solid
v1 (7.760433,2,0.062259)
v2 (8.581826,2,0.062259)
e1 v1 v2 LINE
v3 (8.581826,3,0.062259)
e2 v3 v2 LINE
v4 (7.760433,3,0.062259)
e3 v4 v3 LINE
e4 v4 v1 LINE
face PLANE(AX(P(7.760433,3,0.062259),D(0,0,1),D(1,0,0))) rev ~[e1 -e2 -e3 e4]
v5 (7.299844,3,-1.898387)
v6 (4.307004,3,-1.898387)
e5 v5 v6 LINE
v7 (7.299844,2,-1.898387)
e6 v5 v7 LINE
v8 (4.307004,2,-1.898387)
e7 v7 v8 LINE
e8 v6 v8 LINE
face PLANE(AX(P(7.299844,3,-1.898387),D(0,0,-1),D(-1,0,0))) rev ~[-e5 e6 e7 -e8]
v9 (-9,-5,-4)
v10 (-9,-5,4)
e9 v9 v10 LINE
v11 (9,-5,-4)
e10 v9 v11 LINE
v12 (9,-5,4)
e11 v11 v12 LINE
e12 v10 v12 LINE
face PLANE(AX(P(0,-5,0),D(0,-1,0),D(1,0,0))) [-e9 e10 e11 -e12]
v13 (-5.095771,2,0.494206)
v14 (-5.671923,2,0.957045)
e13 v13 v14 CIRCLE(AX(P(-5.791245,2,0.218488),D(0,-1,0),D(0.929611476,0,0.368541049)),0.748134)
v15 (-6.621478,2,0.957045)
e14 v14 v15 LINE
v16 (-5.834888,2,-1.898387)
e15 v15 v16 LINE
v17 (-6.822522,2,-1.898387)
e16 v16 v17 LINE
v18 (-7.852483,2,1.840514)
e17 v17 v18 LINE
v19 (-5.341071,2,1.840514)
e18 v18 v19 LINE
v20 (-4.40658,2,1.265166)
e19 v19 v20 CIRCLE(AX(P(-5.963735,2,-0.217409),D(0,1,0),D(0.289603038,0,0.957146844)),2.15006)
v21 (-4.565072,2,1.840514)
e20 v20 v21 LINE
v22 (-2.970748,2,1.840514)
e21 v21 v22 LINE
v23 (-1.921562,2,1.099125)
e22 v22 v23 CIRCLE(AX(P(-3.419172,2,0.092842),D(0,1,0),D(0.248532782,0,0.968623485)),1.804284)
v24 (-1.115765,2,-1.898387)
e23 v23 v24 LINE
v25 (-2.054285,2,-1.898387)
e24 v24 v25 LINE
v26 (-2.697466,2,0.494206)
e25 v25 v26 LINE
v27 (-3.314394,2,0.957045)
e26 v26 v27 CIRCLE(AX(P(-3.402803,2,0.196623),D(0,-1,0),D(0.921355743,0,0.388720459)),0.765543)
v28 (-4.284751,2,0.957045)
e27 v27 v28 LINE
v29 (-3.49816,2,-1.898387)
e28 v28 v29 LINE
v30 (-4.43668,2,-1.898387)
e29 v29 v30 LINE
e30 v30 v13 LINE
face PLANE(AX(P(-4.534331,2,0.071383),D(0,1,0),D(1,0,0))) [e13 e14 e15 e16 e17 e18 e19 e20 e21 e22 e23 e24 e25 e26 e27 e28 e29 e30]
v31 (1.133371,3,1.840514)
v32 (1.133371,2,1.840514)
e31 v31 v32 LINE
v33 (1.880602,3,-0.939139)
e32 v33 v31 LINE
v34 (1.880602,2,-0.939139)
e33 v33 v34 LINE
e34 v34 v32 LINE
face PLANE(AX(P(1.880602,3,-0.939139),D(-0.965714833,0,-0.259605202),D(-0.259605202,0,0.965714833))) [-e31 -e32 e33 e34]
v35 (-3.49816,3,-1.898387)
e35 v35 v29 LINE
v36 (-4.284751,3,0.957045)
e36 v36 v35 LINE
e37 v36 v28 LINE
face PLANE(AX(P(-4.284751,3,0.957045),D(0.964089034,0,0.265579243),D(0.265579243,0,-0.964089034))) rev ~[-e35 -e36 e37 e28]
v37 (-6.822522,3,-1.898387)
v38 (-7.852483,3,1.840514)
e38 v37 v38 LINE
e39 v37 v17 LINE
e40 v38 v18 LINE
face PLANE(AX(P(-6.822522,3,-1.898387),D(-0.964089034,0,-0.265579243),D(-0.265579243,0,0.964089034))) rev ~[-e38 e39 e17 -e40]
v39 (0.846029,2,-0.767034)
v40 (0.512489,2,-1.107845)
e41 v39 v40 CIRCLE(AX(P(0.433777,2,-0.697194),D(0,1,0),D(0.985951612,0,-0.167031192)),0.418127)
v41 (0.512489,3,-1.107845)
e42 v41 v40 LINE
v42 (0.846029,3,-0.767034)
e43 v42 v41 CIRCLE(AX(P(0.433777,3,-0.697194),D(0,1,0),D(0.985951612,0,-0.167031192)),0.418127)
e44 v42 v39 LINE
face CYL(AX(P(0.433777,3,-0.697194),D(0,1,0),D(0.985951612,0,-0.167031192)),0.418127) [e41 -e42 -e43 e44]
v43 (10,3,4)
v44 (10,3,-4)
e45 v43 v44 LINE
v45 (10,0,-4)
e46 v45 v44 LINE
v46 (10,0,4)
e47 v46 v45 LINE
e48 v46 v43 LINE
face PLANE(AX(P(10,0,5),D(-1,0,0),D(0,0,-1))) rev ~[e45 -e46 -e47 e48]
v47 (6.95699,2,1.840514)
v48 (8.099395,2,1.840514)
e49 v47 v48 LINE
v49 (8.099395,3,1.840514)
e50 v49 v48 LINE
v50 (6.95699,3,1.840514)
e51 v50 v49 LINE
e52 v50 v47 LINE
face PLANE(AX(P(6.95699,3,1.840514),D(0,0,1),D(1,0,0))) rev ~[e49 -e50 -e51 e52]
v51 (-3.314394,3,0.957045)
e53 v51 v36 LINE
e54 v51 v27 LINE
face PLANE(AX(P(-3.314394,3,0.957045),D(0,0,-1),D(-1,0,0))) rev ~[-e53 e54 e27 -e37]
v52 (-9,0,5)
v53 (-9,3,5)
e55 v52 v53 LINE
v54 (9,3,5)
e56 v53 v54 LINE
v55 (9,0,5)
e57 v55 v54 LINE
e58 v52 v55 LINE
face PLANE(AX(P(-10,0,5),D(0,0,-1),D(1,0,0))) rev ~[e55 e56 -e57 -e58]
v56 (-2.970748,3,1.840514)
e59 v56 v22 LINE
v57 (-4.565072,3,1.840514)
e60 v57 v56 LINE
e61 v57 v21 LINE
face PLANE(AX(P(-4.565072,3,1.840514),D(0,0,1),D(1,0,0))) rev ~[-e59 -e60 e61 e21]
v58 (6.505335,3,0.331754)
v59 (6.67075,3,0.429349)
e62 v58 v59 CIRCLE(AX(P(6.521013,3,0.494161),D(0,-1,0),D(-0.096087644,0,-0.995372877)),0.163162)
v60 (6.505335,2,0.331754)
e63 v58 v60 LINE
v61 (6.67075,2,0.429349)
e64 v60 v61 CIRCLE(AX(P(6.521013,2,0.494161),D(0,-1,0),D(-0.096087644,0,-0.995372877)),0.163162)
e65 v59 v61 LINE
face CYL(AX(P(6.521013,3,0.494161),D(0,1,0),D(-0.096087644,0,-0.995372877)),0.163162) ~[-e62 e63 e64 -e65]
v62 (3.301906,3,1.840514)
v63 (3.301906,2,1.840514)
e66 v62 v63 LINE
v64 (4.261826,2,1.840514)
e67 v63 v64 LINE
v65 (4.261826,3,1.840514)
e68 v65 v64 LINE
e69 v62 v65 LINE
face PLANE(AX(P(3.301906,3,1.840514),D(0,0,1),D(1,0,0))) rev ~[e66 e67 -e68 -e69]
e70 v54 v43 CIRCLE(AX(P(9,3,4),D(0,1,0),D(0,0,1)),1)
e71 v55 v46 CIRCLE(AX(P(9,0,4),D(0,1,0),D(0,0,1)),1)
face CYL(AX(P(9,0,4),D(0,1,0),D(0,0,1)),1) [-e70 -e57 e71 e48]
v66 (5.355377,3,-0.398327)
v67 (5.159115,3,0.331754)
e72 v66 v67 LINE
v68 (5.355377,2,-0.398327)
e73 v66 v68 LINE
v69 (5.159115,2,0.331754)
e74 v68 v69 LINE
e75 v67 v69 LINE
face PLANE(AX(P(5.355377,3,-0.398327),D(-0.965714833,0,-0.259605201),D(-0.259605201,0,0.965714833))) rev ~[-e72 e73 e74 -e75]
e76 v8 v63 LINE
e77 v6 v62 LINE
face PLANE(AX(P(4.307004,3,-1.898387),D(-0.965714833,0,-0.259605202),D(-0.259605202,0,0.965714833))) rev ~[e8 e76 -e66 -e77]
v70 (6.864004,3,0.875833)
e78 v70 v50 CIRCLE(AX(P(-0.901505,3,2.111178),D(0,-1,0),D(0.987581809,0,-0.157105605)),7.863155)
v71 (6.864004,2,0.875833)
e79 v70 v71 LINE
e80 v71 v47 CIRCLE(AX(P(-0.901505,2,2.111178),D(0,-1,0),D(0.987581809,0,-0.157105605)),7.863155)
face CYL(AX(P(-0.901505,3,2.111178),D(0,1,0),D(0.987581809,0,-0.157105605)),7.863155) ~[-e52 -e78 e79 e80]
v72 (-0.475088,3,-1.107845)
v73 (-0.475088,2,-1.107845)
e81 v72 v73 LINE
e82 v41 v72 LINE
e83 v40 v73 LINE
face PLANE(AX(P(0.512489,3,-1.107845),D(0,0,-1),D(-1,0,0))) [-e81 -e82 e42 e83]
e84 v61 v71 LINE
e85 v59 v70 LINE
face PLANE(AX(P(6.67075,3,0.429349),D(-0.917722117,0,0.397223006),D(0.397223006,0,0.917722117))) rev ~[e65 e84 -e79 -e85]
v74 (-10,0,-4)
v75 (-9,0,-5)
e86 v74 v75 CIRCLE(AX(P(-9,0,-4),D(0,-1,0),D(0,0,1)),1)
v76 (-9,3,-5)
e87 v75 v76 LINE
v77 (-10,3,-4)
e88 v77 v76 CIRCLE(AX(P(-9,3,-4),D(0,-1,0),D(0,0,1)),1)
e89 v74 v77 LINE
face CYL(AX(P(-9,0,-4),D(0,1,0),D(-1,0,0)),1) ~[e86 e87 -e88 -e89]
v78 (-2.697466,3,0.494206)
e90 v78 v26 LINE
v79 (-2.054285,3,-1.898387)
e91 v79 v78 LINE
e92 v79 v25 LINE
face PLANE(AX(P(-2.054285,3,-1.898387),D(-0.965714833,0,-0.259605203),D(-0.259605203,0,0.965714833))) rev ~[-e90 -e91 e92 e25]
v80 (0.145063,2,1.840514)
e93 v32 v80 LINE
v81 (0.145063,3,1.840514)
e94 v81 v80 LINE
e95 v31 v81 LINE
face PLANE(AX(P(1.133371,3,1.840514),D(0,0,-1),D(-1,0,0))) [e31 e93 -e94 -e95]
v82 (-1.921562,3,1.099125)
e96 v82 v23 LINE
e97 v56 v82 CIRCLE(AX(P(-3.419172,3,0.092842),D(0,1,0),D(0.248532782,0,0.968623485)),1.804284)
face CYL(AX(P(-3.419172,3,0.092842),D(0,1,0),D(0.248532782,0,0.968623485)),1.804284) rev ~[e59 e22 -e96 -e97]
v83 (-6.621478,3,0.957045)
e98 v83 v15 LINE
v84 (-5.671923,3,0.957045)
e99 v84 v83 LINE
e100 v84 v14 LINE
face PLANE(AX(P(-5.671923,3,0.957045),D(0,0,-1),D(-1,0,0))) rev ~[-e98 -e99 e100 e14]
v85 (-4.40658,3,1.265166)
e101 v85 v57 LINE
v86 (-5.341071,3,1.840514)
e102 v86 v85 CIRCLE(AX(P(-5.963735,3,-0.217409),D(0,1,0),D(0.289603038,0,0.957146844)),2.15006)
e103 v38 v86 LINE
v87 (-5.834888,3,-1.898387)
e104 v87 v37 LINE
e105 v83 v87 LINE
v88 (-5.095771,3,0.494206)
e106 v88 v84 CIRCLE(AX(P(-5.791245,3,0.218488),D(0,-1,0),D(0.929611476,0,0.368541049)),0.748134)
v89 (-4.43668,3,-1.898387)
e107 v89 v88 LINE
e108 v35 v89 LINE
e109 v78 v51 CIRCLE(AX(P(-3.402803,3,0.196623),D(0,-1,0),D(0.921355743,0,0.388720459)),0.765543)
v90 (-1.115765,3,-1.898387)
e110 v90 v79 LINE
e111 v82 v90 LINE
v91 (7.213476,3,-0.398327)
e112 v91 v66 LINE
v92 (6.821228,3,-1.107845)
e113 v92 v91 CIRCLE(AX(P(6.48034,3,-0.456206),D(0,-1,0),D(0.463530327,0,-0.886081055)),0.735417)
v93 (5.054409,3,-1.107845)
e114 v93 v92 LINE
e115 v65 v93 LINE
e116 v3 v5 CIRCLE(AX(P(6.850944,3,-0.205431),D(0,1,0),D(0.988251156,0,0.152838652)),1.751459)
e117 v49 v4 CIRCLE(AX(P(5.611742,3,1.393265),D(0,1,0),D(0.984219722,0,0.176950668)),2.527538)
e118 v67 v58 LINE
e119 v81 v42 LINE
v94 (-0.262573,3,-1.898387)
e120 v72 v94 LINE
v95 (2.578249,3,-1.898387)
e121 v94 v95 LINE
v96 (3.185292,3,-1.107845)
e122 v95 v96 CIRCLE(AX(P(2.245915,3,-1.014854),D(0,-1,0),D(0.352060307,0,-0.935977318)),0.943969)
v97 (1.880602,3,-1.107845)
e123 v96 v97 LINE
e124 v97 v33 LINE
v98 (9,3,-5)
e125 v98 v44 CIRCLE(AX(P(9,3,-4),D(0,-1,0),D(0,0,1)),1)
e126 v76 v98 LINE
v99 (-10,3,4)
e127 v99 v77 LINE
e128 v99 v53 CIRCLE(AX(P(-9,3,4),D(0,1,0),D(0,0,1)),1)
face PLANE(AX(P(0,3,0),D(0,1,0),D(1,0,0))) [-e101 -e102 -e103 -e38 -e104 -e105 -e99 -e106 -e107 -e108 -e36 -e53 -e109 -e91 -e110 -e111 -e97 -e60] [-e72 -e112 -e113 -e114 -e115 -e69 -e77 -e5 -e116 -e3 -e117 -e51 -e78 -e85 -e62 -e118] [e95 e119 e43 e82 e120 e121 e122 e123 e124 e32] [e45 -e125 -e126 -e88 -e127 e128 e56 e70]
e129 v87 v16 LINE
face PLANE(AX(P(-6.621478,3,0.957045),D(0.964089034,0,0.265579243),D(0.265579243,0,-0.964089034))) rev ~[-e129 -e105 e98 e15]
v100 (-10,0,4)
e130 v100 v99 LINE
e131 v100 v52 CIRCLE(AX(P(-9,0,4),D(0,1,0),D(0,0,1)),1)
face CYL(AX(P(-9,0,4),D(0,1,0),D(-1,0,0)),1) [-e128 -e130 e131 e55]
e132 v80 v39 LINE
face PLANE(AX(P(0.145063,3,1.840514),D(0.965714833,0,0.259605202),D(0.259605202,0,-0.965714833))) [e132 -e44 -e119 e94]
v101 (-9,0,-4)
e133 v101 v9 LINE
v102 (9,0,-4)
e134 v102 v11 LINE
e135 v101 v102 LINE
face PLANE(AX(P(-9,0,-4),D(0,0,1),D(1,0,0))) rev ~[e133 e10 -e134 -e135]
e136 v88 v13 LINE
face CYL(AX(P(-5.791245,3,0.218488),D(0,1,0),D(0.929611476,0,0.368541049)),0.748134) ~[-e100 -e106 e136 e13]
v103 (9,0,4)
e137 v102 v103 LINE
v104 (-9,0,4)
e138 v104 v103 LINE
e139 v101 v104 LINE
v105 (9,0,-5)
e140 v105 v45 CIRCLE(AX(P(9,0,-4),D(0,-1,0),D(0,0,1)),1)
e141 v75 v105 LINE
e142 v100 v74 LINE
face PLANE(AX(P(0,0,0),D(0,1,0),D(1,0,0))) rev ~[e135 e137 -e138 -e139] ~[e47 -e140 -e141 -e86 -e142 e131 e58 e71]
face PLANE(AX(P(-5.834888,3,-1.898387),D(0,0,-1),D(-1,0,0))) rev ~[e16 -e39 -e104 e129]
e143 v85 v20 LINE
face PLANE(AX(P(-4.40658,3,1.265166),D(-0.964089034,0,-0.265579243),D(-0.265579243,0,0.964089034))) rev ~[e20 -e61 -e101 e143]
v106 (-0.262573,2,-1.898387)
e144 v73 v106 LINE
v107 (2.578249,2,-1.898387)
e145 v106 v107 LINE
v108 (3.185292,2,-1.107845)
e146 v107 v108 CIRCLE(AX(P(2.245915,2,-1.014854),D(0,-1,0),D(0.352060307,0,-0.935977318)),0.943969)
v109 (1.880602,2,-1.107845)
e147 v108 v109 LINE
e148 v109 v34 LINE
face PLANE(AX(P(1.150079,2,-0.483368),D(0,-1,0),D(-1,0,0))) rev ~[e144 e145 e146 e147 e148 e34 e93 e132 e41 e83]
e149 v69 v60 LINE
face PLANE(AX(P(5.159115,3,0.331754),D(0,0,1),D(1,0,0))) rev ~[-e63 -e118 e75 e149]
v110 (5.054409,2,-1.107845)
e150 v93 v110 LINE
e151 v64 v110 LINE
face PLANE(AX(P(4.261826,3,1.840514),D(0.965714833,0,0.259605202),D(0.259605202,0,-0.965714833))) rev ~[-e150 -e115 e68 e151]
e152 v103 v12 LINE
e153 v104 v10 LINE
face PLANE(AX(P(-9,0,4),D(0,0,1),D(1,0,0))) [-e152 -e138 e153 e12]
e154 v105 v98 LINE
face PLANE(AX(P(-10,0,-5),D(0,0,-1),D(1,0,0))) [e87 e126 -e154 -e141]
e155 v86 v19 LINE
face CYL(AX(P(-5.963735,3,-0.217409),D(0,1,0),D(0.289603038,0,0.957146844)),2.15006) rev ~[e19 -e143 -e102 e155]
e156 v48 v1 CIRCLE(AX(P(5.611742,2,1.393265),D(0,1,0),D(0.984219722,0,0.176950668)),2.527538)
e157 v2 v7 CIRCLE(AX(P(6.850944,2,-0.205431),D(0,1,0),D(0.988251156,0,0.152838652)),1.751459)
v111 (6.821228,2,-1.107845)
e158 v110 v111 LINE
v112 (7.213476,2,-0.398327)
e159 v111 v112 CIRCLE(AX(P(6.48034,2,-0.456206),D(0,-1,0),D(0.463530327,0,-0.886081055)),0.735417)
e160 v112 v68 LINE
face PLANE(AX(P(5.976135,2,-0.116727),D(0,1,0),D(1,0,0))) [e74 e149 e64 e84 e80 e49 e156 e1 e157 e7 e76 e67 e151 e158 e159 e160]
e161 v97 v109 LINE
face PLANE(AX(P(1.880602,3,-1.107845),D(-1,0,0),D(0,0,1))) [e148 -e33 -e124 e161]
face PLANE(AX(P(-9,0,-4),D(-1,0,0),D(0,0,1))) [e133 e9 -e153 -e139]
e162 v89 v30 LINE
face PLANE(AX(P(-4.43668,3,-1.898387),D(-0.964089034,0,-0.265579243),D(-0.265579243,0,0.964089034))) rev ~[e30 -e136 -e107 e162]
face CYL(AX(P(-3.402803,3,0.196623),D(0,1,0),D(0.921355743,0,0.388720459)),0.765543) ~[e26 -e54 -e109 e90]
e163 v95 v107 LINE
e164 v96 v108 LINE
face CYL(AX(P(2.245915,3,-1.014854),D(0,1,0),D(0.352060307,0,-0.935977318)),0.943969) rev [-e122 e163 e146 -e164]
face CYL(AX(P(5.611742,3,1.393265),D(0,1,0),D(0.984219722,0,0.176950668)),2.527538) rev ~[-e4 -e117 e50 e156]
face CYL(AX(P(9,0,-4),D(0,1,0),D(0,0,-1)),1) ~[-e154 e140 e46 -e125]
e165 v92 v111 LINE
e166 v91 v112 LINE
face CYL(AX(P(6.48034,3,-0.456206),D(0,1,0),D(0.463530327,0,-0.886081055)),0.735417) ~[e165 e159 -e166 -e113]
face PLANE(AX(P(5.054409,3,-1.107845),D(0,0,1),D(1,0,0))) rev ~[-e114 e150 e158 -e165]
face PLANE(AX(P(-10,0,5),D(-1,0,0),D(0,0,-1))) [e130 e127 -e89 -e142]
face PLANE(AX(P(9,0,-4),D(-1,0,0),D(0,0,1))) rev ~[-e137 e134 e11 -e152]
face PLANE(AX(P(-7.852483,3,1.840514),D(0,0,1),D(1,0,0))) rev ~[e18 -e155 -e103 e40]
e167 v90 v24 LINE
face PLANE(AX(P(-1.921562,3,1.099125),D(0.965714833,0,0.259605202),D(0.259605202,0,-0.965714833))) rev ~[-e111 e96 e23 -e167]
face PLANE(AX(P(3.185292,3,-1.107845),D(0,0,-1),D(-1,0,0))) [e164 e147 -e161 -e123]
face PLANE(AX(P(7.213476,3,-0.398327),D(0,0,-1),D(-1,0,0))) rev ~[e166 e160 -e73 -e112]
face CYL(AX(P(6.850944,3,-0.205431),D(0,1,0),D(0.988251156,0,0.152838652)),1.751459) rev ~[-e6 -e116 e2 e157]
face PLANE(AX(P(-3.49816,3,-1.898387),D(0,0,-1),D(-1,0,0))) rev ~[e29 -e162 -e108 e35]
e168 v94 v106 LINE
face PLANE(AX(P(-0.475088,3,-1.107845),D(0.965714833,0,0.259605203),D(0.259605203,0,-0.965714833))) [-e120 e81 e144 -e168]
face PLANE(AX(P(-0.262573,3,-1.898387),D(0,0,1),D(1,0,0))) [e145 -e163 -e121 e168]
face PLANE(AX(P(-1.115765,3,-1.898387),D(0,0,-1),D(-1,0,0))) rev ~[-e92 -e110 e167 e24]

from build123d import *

# Parameters (mm, degrees)
SKETCH_1_W          = 20
SKETCH_1_H          = 10
EXTRUDE_1_DEPTH     = 3
SKETCH_2_W          = 18
SKETCH_2_H          = 8
EXTRUDE_2_DEPTH     = 5
FILLET_1_R          = 1
CUT_EXTRUDE_1_DEPTH = 1


with BuildPart() as part:
    # 草图1 → 凸台-拉伸1 (new body)
    with BuildSketch(Plane(origin=(0, 0, 0), x_dir=(1, 0, 0), z_dir=(0, 1, 0))):
        Rectangle(SKETCH_1_W, SKETCH_1_H)
    extrude(amount=EXTRUDE_1_DEPTH)

    # 草图2 → 凸台-拉伸2 (add)
    with BuildSketch(Plane.XZ):
        Rectangle(SKETCH_2_W, SKETCH_2_H)
    extrude(amount=EXTRUDE_2_DEPTH)

    # 圆角1
    fillet_1_edges = [part.edges().sort_by_distance(p)[0] for p in [
        (10, 1.5, 5),
        (-10, 1.5, 5),
        (-10, 1.5, -5),
        (10, 1.5, -5),
    ]]
    fillet(fillet_1_edges, radius=FILLET_1_R)

    # 草图5 → 切除-拉伸1 (cut)
    with BuildSketch(Plane(origin=(0, 3, 0), x_dir=(1, 0, 0), z_dir=(0, 1, 0))):
        with BuildLine():
            Line((-6.822522061, 1.898386801), (-7.8524835, -1.840514313))
            Line((-7.8524835, -1.840514313), (-5.341070676, -1.840514313))
            ThreePointArc((-5.341070676, -1.840514313), (-4.836499754, -1.613465195), (-4.406580176, -1.265166079))
            Line((-4.406580176, -1.265166079), (-4.565072331, -1.840514313))
            Line((-4.565072331, -1.840514313), (-2.97074846, -1.840514313))
            ThreePointArc((-2.97074846, -1.840514313), (-2.37793404, -1.566363371), (-1.921561777, -1.099124639))
            Line((-1.921561777, -1.099124639), (-1.115765348, 1.898386801))
            Line((-1.115765348, 1.898386801), (-2.05428464, 1.898386801))
            Line((-2.05428464, 1.898386801), (-2.697465694, -0.49420579))
            ThreePointArc((-2.697465694, -0.49420579), (-2.943387046, -0.808990294), (-3.314394459, -0.957044663))
            Line((-3.314394459, -0.957044663), (-4.284751028, -0.957044663))
            Line((-4.284751028, -0.957044663), (-3.498160474, 1.898386801))
            Line((-3.498160474, 1.898386801), (-4.436679766, 1.898386801))
            Line((-4.436679766, 1.898386801), (-5.09577131, -0.49420579))
            ThreePointArc((-5.09577131, -0.49420579), (-5.322706757, -0.801733869), (-5.671922697, -0.957044663))
            Line((-5.671922697, -0.957044663), (-6.621478358, -0.957044663))
            Line((-6.621478358, -0.957044663), (-5.834887804, 1.898386801))
            Line((-5.834887804, 1.898386801), (-6.822522061, 1.898386801))
        make_face()
        with BuildLine():
            Line((-0.475088321, 1.107844934), (-0.262573431, 1.898386801))
            Line((-0.262573431, 1.898386801), (2.578248558, 1.898386801))
            ThreePointArc((2.578248558, 1.898386801), (2.994614434, 1.589766994), (3.185291795, 1.107844934))
            Line((3.185291795, 1.107844934), (1.880601852, 1.107844934))
            Line((1.880601852, 1.107844934), (1.880601852, 0.939138509))
            Line((1.880601852, 0.939138509), (1.13337057, -1.840514313))
            Line((1.13337057, -1.840514313), (0.14506348, -1.840514313))
            Line((0.14506348, -1.840514313), (0.846029375, 0.767034213))
            ThreePointArc((0.846029375, 0.767034213), (0.732607363, 0.989649387), (0.512489482, 1.107844934))
            Line((0.512489482, 1.107844934), (-0.475088321, 1.107844934))
        make_face()
        with BuildLine():
            Line((4.307003713, 1.898386801), (3.301905576, -1.840514313))
            Line((3.301905576, -1.840514313), (4.261825646, -1.840514313))
            Line((4.261825646, -1.840514313), (5.054408893, 1.107844934))
            Line((5.054408893, 1.107844934), (6.821228484, 1.107844934))
            ThreePointArc((6.821228484, 1.107844934), (7.123952053, 0.812017942), (7.213476308, 0.398326541))
            Line((7.213476308, 0.398326541), (5.355376817, 0.398326541))
            Line((5.355376817, 0.398326541), (5.159115285, -0.331753873))
            Line((5.159115285, -0.331753873), (6.505334941, -0.331753873))
            ThreePointArc((6.505334941, -0.331753873), (6.603923501, -0.353634595), (6.670750012, -0.42934911))
            Line((6.670750012, -0.42934911), (6.864004091, -0.875832672))
            ThreePointArc((6.864004091, -0.875832672), (6.92537385, -1.35673953), (6.9569905, -1.840514313))
            Line((6.9569905, -1.840514313), (8.099394952, -1.840514313))
            ThreePointArc((8.099394952, -1.840514313), (8.094576963, -0.91999968), (7.760433181, -0.062259431))
            Line((7.760433181, -0.062259431), (8.581825646, -0.062259431))
            ThreePointArc((8.581825646, -0.062259431), (8.316855125, 1.163927045), (7.299844055, 1.898386801))
            Line((7.299844055, 1.898386801), (4.307003713, 1.898386801))
        make_face()
    extrude(amount=-CUT_EXTRUDE_1_DEPTH, mode=Mode.SUBTRACT)


solid = part.part
